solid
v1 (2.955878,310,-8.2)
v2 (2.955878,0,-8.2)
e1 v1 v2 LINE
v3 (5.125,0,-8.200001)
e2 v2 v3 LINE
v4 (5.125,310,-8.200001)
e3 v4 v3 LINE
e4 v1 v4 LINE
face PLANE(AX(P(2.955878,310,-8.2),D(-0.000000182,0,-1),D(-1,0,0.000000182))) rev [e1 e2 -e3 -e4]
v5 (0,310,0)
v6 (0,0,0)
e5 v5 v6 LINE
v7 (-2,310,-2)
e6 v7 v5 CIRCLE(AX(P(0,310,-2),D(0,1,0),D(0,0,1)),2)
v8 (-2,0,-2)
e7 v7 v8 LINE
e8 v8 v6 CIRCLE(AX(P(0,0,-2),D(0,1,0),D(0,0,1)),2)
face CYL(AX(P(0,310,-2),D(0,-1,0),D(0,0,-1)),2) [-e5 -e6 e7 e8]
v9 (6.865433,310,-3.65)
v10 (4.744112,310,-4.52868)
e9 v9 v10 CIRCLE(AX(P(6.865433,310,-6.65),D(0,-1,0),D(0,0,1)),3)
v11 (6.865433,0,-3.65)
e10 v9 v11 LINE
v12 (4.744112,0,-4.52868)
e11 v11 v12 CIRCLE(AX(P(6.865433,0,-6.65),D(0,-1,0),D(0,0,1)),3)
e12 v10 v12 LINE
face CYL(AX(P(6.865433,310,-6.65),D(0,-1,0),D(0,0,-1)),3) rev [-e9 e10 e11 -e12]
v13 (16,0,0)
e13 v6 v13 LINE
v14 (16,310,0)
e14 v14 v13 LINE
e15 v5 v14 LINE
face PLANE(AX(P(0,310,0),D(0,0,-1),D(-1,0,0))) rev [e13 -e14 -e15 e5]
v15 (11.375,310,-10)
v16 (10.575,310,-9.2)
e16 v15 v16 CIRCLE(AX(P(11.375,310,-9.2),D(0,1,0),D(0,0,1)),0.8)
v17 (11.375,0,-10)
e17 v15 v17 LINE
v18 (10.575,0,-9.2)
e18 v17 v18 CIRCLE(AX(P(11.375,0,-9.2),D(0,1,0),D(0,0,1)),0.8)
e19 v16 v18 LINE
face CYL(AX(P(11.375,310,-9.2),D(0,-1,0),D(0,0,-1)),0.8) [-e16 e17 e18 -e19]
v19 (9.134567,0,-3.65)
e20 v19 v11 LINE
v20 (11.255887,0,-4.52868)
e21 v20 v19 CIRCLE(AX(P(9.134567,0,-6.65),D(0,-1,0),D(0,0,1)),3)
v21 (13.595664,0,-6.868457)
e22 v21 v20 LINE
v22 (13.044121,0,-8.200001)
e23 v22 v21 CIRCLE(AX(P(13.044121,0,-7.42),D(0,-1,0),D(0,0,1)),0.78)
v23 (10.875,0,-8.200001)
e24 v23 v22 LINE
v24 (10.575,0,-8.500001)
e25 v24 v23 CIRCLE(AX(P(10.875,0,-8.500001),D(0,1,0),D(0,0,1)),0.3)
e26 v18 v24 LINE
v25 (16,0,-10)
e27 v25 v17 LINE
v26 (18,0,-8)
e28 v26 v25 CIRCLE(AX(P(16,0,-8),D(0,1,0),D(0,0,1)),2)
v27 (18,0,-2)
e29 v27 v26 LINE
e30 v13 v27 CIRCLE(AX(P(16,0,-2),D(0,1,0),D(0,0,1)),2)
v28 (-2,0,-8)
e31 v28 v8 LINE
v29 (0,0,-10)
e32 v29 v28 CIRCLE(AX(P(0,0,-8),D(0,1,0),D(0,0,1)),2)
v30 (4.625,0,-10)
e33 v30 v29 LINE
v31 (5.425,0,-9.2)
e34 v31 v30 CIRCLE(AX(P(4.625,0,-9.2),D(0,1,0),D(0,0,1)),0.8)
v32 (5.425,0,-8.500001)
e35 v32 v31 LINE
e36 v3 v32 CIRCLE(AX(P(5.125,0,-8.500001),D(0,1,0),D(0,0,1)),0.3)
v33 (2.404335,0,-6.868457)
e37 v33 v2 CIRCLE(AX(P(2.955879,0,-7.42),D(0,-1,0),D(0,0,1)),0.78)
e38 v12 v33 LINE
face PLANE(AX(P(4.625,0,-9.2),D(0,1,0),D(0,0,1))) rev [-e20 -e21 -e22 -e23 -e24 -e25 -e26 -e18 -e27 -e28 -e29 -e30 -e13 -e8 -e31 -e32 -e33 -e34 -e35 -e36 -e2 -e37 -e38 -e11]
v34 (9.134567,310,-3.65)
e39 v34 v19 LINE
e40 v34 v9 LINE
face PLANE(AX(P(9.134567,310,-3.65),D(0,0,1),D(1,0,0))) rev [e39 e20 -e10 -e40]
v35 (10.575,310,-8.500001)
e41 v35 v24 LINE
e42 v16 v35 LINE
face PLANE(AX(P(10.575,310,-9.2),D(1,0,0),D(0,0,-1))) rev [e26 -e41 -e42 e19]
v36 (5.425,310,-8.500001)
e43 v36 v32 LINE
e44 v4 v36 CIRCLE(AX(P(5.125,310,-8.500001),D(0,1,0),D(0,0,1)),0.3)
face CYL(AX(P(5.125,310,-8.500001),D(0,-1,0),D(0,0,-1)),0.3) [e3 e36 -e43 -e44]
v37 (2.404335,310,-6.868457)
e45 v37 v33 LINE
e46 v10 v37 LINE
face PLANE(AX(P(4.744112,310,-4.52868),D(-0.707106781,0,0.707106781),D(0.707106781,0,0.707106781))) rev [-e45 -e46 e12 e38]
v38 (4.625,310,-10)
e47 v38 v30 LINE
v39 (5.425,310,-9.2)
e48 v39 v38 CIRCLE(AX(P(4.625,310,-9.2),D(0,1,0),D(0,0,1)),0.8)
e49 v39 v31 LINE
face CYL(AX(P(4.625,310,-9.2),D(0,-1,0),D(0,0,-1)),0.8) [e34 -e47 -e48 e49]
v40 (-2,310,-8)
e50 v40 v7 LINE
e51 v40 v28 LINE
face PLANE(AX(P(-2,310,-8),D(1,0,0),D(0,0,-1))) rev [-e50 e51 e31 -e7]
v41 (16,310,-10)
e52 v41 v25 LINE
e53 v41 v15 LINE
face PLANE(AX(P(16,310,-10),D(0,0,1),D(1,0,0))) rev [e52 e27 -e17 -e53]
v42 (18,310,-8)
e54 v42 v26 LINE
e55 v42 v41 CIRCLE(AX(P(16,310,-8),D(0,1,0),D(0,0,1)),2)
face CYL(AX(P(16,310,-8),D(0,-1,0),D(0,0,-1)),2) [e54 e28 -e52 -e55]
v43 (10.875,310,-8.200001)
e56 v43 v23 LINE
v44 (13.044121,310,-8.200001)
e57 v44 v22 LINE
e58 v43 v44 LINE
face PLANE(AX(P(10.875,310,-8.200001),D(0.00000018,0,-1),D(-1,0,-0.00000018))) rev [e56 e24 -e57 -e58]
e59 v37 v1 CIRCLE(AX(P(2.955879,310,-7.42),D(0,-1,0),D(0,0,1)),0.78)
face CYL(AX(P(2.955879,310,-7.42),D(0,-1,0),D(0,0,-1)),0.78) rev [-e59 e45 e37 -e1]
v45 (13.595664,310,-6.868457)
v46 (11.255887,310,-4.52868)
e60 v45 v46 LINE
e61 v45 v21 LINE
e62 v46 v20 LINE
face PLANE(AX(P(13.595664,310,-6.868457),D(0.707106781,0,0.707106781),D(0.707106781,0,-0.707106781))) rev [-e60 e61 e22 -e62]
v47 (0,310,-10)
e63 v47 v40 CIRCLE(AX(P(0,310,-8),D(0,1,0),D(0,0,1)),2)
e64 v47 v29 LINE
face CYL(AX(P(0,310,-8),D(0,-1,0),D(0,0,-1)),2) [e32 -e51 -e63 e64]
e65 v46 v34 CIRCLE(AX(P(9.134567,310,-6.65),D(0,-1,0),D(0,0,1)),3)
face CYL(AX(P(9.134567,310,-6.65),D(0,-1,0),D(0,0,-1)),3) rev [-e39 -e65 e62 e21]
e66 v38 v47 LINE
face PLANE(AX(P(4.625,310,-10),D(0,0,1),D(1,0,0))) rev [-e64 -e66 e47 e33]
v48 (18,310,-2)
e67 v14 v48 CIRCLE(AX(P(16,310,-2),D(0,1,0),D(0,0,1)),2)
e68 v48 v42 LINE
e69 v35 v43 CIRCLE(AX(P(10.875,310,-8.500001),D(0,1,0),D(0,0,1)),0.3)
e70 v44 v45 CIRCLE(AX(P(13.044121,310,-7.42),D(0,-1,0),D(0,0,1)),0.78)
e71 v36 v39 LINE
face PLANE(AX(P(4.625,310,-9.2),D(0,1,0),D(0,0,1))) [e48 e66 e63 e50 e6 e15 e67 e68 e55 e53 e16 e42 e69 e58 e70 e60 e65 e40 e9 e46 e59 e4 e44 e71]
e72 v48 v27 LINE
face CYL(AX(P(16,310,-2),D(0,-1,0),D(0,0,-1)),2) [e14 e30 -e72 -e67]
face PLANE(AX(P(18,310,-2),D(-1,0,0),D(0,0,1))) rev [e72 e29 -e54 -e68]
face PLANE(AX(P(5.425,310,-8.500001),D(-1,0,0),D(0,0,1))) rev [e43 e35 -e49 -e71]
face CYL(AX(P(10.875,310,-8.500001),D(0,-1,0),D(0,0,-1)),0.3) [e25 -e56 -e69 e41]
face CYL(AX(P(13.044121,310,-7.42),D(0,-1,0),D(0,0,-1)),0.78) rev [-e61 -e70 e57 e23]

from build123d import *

# Parameters (mm, degrees)
SALIENTE_EXTRUIR1_DEPTH = 310


with BuildPart() as part:
    # Croquis1 → Saliente-Extruir1 (new body)
    with BuildSketch(Plane(origin=(0, 0, 0), x_dir=(1, 0, 0), z_dir=(0, 1, 0))):
        with BuildLine():
            Line((4.625, 10), (0, 10))
            ThreePointArc((0, 10), (-1.414213562, 9.414213562), (-2, 8))
            Line((-2, 8), (-2, 2))
            ThreePointArc((-2, 2), (-1.414213562, 0.585786438), (0, 0))
            Line((0, 0), (16, 0))
            ThreePointArc((16, 0), (17.414213562, 0.585786438), (18, 2))
            Line((18, 2), (18, 8))
            ThreePointArc((18, 8), (17.41421361, 9.41421365), (16, 10.000000135))
            Line((16, 10.000000135), (11.374999664, 10.000000135))
            ThreePointArc((11.374999664, 10.000000135), (10.809314239, 9.76568556), (10.574999664, 9.200000135))
            Line((10.574999664, 9.200000135), (10.574999664, 8.500000898))
            ThreePointArc((10.574999664, 8.500000898), (10.662867611, 8.287868883), (10.87499961, 8.200000898))
            Line((10.87499961, 8.200000898), (13.044121001, 8.200000507))
            ThreePointArc((13.044121001, 8.200000507), (13.764747104, 7.718493399), (13.595664288, 6.868456885))
            Line((13.595664288, 6.868456885), (11.255887257, 4.528679854))
            ThreePointArc((11.255887257, 4.528679854), (10.282617211, 3.8783616), (9.134566914, 3.650000197))
            Line((9.134566914, 3.650000197), (6.865432698, 3.650000197))
            ThreePointArc((6.865432698, 3.650000197), (5.7173824, 3.878361599), (4.744112353, 4.528679854))
            Line((4.744112353, 4.528679854), (2.404335323, 6.868456883))
            ThreePointArc((2.404335323, 6.868456883), (2.23525255, 7.718493184), (2.955878471, 8.200000172))
            Line((2.955878471, 8.200000172), (5.124999858, 8.200000566))
            ThreePointArc((5.124999858, 8.200000566), (5.337131996, 8.287868609), (5.425, 8.500000763))
            Line((5.425, 8.500000763), (5.425, 9.2))
            ThreePointArc((5.425, 9.2), (5.190685425, 9.765685425), (4.625, 10))
        make_face()
    extrude(amount=SALIENTE_EXTRUIR1_DEPTH)


solid = part.part
